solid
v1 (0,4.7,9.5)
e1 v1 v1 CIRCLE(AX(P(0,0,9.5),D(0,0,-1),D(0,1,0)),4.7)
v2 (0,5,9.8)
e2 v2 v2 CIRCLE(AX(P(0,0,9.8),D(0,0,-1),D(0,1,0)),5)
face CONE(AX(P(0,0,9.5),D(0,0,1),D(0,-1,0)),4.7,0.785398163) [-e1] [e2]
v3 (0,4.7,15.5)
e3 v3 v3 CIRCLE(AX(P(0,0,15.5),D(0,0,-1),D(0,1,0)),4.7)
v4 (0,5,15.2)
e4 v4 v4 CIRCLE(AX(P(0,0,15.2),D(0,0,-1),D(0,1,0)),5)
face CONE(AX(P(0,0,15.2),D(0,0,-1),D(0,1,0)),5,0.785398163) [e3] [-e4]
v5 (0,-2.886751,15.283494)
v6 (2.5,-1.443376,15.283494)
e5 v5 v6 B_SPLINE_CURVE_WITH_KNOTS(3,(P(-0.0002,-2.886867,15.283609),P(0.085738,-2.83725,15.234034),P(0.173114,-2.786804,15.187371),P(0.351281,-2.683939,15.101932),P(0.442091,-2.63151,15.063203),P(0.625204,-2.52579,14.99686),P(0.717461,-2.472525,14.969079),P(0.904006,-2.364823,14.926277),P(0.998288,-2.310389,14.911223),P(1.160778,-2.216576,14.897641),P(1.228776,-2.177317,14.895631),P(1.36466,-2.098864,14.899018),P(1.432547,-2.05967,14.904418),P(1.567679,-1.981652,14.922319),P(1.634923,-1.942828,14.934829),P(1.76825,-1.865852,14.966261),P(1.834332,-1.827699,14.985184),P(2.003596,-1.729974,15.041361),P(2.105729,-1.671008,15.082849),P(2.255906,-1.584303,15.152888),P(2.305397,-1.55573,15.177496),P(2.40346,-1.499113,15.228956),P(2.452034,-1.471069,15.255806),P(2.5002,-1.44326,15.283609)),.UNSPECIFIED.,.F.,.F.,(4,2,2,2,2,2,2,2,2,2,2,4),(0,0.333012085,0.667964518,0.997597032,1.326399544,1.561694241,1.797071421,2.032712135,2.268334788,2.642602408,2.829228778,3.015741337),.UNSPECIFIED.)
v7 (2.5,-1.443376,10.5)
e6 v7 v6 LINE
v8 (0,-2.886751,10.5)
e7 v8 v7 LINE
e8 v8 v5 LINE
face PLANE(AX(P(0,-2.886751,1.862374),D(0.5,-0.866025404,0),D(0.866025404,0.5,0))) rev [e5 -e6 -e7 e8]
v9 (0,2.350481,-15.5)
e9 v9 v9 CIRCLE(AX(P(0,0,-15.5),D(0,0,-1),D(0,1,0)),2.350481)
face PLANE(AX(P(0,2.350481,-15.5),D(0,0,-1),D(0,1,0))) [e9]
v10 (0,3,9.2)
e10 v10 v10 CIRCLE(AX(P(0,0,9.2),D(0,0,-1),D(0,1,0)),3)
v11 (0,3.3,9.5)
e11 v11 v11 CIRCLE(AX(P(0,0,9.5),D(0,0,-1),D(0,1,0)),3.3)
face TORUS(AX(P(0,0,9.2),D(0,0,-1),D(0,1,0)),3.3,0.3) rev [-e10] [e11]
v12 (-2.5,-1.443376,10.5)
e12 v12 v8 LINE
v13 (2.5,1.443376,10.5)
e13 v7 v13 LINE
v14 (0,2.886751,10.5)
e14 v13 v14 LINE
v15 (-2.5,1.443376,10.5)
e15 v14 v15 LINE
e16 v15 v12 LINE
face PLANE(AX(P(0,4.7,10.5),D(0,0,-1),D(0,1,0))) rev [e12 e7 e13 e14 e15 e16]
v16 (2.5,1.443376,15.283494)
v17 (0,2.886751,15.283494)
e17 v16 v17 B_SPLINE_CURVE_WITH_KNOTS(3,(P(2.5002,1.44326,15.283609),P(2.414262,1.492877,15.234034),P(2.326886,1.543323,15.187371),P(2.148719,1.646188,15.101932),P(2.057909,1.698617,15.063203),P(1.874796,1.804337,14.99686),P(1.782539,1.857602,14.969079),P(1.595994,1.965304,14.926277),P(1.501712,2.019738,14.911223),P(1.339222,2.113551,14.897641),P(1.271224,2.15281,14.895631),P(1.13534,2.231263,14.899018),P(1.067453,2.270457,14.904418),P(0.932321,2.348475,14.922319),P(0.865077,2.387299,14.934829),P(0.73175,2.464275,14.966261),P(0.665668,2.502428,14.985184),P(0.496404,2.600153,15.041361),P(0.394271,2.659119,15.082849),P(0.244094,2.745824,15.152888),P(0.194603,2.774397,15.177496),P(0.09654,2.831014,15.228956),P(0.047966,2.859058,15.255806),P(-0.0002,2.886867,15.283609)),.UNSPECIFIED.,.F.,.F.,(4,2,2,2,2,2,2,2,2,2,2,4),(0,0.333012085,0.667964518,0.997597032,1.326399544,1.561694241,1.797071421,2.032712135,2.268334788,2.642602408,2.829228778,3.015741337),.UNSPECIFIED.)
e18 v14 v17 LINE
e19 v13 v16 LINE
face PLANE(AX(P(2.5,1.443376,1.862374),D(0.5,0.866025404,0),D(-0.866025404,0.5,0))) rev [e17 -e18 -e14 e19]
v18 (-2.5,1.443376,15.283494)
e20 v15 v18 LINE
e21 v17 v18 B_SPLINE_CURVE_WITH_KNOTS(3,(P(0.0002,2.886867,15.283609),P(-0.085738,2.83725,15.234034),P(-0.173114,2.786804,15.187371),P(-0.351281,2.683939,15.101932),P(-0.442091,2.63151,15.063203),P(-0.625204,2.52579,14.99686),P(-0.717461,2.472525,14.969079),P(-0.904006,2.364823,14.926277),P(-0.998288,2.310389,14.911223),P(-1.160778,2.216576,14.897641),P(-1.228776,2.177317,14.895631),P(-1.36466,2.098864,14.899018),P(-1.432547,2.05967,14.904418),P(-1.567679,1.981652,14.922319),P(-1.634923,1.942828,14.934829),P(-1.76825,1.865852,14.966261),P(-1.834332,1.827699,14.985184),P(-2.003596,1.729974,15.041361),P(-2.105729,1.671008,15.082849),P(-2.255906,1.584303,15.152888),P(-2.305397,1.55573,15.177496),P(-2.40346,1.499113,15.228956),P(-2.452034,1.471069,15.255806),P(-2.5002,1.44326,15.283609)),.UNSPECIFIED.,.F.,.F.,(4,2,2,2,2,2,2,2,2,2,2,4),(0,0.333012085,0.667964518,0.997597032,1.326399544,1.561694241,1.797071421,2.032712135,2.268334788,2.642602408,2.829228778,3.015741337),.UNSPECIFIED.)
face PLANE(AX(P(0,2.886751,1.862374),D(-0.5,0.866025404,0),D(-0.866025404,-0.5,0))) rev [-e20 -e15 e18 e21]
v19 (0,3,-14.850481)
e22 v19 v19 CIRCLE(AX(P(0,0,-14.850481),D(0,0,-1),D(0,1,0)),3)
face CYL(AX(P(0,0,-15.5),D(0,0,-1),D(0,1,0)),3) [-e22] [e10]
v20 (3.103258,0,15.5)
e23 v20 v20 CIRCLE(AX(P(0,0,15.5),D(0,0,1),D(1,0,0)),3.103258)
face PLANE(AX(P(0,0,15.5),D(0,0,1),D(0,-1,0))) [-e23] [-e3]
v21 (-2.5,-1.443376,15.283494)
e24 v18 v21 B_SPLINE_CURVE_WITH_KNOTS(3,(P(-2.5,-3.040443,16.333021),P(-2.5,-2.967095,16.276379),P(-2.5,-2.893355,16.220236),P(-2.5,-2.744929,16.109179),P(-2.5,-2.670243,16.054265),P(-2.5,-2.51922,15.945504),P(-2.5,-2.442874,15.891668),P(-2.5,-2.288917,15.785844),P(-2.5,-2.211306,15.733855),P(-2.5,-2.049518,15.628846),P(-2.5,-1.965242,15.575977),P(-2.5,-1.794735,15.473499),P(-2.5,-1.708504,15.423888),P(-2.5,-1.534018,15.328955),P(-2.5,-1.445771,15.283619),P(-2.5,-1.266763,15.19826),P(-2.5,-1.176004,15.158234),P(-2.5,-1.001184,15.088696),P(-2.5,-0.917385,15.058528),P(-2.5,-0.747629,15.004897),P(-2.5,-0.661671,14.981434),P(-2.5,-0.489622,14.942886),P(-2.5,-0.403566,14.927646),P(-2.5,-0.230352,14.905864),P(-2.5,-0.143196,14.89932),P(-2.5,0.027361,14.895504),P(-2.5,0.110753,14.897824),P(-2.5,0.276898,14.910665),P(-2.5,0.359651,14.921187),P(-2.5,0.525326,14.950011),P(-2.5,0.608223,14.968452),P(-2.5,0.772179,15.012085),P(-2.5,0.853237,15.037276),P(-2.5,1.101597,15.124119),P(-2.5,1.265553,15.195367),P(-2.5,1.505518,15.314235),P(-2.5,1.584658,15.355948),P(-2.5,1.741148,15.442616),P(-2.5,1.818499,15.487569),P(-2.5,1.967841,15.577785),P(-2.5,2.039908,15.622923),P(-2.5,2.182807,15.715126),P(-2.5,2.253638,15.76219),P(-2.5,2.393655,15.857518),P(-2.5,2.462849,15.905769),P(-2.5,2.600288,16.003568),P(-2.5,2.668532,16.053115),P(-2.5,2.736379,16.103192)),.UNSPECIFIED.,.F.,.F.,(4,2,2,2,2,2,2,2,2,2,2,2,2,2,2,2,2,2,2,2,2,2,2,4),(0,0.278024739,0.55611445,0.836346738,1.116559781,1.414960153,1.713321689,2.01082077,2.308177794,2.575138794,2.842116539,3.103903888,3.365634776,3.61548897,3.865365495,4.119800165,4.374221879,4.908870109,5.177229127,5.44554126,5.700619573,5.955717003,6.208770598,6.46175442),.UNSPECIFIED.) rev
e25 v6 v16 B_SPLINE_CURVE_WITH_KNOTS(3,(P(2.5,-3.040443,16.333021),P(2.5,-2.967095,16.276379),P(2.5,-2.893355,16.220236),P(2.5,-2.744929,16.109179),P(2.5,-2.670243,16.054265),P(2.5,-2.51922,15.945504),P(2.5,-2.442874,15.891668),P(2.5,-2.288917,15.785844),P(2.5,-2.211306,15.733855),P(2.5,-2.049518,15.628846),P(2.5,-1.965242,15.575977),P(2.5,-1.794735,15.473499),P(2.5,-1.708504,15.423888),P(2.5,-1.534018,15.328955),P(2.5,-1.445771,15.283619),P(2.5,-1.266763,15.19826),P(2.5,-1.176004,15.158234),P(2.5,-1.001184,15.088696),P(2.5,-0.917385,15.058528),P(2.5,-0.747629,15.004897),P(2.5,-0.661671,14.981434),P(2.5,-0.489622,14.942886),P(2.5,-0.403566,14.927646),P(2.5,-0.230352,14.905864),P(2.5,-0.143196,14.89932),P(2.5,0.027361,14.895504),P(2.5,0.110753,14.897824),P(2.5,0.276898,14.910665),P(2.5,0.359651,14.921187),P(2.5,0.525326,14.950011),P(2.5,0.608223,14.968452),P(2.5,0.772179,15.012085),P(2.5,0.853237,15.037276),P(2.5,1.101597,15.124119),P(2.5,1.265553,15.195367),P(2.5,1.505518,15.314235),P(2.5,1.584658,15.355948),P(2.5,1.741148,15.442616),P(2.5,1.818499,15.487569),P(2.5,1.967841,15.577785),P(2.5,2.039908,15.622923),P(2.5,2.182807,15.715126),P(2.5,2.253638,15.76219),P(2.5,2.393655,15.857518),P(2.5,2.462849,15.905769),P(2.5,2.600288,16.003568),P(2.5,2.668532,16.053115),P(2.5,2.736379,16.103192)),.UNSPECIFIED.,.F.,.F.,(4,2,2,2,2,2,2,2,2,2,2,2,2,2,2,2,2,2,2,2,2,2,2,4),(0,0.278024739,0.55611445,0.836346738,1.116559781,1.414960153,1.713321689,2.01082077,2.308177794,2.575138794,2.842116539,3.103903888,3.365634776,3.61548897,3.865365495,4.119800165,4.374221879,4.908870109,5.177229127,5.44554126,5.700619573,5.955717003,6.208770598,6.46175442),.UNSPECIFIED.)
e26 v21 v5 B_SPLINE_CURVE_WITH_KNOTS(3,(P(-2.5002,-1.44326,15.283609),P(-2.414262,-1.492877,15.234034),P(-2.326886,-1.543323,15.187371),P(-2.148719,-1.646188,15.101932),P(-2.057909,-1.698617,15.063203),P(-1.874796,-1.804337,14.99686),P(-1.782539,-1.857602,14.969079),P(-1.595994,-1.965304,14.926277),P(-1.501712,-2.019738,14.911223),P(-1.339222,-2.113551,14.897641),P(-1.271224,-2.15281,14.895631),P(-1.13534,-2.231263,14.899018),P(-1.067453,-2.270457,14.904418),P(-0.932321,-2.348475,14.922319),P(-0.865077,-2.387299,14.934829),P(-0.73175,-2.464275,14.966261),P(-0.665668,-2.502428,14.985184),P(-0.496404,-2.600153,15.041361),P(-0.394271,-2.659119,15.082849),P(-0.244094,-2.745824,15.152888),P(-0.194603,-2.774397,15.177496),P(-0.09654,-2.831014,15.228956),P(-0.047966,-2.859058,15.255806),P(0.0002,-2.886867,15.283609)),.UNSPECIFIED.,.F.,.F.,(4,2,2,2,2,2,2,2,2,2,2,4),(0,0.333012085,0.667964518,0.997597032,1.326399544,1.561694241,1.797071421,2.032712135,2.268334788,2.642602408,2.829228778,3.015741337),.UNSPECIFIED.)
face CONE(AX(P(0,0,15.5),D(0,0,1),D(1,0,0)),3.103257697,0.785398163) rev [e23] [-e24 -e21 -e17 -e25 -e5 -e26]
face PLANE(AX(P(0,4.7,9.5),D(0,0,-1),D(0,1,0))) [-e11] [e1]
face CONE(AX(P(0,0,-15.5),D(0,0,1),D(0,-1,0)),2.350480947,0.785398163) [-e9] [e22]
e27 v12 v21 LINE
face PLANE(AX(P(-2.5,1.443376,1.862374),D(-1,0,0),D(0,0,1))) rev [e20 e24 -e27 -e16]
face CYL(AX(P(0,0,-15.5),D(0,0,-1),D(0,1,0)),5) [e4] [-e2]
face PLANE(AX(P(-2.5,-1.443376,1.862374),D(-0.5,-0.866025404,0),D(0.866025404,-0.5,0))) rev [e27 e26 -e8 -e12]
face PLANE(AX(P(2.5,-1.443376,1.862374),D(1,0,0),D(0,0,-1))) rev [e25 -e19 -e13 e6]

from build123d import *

# Parameters (mm, degrees)
CUT_EXTRUDE1_DEPTH = 5
SKETCH4_R          = 3.103257697
CUT_EXTRUDE2_DEPTH = 5
CUT_EXTRUDE2_DRAFT = -45


with BuildPart() as part:
    # Sketch2 → Revolve1 (revolve)
    with BuildSketch(Plane(origin=(0, 0, 0), x_dir=(0, 0, -1), z_dir=(1, 0, 0))):
        with BuildLine():
            Line((-15.5, 0), (-15.5, 4.7))
            Line((-15.5, 4.7), (-15.2, 5))
            Line((-15.2, 5), (-9.8, 5))
            Line((-9.8, 5), (-9.5, 4.7))
            Line((-9.5, 4.7), (-9.5, 3.3))
            ThreePointArc((-9.5, 3.3), (-9.412132034, 3.087867966), (-9.2, 3))
            Line((-9.2, 3), (14.850480947, 3))
            Line((14.850480947, 3), (15.5, 2.350480947))
            Line((15.5, 2.350480947), (15.5, 0))
            Line((15.5, 0), (-15.5, 0))
        make_face()
    revolve(axis=Axis((0, 0, -15.5), (0, 0, 1)))

    # Sketch3 → Cut-Extrude1 (cut)
    with BuildSketch(Plane.XY.offset(15.5)):
        Polygon((2.5, -1.443375673), (2.5, 1.443375673), (0, 2.886751346), (-2.5, 1.443375673), (-2.5, -1.443375673), (0, -2.886751346), align=None)
    extrude(amount=-CUT_EXTRUDE1_DEPTH, mode=Mode.SUBTRACT)


with BuildPart() as cut_extrude2_tool:
    # Sketch4 → Cut-Extrude2 (with draft: the straight prism first)
    with BuildSketch(Plane.XY.offset(15.5)):
        Circle(SKETCH4_R)
    extrude(amount=-CUT_EXTRUDE2_DEPTH)
    # Cut-Extrude2: the draft: its side faces are tilted about the plane it starts from
    cut_extrude2_sides = [cut_extrude2_tool.faces().sort_by_distance(p)[0] for p in [
        (-3.103257697, 0, 13),
    ]]
    draft(cut_extrude2_sides, Plane.XY.offset(15.5), CUT_EXTRUDE2_DRAFT)


with BuildPart() as part_1:
    add(part.part)

    # Cut-Extrude2: cut by cut_extrude2_tool
    add(cut_extrude2_tool.part, mode=Mode.SUBTRACT)


solid = part_1.part
